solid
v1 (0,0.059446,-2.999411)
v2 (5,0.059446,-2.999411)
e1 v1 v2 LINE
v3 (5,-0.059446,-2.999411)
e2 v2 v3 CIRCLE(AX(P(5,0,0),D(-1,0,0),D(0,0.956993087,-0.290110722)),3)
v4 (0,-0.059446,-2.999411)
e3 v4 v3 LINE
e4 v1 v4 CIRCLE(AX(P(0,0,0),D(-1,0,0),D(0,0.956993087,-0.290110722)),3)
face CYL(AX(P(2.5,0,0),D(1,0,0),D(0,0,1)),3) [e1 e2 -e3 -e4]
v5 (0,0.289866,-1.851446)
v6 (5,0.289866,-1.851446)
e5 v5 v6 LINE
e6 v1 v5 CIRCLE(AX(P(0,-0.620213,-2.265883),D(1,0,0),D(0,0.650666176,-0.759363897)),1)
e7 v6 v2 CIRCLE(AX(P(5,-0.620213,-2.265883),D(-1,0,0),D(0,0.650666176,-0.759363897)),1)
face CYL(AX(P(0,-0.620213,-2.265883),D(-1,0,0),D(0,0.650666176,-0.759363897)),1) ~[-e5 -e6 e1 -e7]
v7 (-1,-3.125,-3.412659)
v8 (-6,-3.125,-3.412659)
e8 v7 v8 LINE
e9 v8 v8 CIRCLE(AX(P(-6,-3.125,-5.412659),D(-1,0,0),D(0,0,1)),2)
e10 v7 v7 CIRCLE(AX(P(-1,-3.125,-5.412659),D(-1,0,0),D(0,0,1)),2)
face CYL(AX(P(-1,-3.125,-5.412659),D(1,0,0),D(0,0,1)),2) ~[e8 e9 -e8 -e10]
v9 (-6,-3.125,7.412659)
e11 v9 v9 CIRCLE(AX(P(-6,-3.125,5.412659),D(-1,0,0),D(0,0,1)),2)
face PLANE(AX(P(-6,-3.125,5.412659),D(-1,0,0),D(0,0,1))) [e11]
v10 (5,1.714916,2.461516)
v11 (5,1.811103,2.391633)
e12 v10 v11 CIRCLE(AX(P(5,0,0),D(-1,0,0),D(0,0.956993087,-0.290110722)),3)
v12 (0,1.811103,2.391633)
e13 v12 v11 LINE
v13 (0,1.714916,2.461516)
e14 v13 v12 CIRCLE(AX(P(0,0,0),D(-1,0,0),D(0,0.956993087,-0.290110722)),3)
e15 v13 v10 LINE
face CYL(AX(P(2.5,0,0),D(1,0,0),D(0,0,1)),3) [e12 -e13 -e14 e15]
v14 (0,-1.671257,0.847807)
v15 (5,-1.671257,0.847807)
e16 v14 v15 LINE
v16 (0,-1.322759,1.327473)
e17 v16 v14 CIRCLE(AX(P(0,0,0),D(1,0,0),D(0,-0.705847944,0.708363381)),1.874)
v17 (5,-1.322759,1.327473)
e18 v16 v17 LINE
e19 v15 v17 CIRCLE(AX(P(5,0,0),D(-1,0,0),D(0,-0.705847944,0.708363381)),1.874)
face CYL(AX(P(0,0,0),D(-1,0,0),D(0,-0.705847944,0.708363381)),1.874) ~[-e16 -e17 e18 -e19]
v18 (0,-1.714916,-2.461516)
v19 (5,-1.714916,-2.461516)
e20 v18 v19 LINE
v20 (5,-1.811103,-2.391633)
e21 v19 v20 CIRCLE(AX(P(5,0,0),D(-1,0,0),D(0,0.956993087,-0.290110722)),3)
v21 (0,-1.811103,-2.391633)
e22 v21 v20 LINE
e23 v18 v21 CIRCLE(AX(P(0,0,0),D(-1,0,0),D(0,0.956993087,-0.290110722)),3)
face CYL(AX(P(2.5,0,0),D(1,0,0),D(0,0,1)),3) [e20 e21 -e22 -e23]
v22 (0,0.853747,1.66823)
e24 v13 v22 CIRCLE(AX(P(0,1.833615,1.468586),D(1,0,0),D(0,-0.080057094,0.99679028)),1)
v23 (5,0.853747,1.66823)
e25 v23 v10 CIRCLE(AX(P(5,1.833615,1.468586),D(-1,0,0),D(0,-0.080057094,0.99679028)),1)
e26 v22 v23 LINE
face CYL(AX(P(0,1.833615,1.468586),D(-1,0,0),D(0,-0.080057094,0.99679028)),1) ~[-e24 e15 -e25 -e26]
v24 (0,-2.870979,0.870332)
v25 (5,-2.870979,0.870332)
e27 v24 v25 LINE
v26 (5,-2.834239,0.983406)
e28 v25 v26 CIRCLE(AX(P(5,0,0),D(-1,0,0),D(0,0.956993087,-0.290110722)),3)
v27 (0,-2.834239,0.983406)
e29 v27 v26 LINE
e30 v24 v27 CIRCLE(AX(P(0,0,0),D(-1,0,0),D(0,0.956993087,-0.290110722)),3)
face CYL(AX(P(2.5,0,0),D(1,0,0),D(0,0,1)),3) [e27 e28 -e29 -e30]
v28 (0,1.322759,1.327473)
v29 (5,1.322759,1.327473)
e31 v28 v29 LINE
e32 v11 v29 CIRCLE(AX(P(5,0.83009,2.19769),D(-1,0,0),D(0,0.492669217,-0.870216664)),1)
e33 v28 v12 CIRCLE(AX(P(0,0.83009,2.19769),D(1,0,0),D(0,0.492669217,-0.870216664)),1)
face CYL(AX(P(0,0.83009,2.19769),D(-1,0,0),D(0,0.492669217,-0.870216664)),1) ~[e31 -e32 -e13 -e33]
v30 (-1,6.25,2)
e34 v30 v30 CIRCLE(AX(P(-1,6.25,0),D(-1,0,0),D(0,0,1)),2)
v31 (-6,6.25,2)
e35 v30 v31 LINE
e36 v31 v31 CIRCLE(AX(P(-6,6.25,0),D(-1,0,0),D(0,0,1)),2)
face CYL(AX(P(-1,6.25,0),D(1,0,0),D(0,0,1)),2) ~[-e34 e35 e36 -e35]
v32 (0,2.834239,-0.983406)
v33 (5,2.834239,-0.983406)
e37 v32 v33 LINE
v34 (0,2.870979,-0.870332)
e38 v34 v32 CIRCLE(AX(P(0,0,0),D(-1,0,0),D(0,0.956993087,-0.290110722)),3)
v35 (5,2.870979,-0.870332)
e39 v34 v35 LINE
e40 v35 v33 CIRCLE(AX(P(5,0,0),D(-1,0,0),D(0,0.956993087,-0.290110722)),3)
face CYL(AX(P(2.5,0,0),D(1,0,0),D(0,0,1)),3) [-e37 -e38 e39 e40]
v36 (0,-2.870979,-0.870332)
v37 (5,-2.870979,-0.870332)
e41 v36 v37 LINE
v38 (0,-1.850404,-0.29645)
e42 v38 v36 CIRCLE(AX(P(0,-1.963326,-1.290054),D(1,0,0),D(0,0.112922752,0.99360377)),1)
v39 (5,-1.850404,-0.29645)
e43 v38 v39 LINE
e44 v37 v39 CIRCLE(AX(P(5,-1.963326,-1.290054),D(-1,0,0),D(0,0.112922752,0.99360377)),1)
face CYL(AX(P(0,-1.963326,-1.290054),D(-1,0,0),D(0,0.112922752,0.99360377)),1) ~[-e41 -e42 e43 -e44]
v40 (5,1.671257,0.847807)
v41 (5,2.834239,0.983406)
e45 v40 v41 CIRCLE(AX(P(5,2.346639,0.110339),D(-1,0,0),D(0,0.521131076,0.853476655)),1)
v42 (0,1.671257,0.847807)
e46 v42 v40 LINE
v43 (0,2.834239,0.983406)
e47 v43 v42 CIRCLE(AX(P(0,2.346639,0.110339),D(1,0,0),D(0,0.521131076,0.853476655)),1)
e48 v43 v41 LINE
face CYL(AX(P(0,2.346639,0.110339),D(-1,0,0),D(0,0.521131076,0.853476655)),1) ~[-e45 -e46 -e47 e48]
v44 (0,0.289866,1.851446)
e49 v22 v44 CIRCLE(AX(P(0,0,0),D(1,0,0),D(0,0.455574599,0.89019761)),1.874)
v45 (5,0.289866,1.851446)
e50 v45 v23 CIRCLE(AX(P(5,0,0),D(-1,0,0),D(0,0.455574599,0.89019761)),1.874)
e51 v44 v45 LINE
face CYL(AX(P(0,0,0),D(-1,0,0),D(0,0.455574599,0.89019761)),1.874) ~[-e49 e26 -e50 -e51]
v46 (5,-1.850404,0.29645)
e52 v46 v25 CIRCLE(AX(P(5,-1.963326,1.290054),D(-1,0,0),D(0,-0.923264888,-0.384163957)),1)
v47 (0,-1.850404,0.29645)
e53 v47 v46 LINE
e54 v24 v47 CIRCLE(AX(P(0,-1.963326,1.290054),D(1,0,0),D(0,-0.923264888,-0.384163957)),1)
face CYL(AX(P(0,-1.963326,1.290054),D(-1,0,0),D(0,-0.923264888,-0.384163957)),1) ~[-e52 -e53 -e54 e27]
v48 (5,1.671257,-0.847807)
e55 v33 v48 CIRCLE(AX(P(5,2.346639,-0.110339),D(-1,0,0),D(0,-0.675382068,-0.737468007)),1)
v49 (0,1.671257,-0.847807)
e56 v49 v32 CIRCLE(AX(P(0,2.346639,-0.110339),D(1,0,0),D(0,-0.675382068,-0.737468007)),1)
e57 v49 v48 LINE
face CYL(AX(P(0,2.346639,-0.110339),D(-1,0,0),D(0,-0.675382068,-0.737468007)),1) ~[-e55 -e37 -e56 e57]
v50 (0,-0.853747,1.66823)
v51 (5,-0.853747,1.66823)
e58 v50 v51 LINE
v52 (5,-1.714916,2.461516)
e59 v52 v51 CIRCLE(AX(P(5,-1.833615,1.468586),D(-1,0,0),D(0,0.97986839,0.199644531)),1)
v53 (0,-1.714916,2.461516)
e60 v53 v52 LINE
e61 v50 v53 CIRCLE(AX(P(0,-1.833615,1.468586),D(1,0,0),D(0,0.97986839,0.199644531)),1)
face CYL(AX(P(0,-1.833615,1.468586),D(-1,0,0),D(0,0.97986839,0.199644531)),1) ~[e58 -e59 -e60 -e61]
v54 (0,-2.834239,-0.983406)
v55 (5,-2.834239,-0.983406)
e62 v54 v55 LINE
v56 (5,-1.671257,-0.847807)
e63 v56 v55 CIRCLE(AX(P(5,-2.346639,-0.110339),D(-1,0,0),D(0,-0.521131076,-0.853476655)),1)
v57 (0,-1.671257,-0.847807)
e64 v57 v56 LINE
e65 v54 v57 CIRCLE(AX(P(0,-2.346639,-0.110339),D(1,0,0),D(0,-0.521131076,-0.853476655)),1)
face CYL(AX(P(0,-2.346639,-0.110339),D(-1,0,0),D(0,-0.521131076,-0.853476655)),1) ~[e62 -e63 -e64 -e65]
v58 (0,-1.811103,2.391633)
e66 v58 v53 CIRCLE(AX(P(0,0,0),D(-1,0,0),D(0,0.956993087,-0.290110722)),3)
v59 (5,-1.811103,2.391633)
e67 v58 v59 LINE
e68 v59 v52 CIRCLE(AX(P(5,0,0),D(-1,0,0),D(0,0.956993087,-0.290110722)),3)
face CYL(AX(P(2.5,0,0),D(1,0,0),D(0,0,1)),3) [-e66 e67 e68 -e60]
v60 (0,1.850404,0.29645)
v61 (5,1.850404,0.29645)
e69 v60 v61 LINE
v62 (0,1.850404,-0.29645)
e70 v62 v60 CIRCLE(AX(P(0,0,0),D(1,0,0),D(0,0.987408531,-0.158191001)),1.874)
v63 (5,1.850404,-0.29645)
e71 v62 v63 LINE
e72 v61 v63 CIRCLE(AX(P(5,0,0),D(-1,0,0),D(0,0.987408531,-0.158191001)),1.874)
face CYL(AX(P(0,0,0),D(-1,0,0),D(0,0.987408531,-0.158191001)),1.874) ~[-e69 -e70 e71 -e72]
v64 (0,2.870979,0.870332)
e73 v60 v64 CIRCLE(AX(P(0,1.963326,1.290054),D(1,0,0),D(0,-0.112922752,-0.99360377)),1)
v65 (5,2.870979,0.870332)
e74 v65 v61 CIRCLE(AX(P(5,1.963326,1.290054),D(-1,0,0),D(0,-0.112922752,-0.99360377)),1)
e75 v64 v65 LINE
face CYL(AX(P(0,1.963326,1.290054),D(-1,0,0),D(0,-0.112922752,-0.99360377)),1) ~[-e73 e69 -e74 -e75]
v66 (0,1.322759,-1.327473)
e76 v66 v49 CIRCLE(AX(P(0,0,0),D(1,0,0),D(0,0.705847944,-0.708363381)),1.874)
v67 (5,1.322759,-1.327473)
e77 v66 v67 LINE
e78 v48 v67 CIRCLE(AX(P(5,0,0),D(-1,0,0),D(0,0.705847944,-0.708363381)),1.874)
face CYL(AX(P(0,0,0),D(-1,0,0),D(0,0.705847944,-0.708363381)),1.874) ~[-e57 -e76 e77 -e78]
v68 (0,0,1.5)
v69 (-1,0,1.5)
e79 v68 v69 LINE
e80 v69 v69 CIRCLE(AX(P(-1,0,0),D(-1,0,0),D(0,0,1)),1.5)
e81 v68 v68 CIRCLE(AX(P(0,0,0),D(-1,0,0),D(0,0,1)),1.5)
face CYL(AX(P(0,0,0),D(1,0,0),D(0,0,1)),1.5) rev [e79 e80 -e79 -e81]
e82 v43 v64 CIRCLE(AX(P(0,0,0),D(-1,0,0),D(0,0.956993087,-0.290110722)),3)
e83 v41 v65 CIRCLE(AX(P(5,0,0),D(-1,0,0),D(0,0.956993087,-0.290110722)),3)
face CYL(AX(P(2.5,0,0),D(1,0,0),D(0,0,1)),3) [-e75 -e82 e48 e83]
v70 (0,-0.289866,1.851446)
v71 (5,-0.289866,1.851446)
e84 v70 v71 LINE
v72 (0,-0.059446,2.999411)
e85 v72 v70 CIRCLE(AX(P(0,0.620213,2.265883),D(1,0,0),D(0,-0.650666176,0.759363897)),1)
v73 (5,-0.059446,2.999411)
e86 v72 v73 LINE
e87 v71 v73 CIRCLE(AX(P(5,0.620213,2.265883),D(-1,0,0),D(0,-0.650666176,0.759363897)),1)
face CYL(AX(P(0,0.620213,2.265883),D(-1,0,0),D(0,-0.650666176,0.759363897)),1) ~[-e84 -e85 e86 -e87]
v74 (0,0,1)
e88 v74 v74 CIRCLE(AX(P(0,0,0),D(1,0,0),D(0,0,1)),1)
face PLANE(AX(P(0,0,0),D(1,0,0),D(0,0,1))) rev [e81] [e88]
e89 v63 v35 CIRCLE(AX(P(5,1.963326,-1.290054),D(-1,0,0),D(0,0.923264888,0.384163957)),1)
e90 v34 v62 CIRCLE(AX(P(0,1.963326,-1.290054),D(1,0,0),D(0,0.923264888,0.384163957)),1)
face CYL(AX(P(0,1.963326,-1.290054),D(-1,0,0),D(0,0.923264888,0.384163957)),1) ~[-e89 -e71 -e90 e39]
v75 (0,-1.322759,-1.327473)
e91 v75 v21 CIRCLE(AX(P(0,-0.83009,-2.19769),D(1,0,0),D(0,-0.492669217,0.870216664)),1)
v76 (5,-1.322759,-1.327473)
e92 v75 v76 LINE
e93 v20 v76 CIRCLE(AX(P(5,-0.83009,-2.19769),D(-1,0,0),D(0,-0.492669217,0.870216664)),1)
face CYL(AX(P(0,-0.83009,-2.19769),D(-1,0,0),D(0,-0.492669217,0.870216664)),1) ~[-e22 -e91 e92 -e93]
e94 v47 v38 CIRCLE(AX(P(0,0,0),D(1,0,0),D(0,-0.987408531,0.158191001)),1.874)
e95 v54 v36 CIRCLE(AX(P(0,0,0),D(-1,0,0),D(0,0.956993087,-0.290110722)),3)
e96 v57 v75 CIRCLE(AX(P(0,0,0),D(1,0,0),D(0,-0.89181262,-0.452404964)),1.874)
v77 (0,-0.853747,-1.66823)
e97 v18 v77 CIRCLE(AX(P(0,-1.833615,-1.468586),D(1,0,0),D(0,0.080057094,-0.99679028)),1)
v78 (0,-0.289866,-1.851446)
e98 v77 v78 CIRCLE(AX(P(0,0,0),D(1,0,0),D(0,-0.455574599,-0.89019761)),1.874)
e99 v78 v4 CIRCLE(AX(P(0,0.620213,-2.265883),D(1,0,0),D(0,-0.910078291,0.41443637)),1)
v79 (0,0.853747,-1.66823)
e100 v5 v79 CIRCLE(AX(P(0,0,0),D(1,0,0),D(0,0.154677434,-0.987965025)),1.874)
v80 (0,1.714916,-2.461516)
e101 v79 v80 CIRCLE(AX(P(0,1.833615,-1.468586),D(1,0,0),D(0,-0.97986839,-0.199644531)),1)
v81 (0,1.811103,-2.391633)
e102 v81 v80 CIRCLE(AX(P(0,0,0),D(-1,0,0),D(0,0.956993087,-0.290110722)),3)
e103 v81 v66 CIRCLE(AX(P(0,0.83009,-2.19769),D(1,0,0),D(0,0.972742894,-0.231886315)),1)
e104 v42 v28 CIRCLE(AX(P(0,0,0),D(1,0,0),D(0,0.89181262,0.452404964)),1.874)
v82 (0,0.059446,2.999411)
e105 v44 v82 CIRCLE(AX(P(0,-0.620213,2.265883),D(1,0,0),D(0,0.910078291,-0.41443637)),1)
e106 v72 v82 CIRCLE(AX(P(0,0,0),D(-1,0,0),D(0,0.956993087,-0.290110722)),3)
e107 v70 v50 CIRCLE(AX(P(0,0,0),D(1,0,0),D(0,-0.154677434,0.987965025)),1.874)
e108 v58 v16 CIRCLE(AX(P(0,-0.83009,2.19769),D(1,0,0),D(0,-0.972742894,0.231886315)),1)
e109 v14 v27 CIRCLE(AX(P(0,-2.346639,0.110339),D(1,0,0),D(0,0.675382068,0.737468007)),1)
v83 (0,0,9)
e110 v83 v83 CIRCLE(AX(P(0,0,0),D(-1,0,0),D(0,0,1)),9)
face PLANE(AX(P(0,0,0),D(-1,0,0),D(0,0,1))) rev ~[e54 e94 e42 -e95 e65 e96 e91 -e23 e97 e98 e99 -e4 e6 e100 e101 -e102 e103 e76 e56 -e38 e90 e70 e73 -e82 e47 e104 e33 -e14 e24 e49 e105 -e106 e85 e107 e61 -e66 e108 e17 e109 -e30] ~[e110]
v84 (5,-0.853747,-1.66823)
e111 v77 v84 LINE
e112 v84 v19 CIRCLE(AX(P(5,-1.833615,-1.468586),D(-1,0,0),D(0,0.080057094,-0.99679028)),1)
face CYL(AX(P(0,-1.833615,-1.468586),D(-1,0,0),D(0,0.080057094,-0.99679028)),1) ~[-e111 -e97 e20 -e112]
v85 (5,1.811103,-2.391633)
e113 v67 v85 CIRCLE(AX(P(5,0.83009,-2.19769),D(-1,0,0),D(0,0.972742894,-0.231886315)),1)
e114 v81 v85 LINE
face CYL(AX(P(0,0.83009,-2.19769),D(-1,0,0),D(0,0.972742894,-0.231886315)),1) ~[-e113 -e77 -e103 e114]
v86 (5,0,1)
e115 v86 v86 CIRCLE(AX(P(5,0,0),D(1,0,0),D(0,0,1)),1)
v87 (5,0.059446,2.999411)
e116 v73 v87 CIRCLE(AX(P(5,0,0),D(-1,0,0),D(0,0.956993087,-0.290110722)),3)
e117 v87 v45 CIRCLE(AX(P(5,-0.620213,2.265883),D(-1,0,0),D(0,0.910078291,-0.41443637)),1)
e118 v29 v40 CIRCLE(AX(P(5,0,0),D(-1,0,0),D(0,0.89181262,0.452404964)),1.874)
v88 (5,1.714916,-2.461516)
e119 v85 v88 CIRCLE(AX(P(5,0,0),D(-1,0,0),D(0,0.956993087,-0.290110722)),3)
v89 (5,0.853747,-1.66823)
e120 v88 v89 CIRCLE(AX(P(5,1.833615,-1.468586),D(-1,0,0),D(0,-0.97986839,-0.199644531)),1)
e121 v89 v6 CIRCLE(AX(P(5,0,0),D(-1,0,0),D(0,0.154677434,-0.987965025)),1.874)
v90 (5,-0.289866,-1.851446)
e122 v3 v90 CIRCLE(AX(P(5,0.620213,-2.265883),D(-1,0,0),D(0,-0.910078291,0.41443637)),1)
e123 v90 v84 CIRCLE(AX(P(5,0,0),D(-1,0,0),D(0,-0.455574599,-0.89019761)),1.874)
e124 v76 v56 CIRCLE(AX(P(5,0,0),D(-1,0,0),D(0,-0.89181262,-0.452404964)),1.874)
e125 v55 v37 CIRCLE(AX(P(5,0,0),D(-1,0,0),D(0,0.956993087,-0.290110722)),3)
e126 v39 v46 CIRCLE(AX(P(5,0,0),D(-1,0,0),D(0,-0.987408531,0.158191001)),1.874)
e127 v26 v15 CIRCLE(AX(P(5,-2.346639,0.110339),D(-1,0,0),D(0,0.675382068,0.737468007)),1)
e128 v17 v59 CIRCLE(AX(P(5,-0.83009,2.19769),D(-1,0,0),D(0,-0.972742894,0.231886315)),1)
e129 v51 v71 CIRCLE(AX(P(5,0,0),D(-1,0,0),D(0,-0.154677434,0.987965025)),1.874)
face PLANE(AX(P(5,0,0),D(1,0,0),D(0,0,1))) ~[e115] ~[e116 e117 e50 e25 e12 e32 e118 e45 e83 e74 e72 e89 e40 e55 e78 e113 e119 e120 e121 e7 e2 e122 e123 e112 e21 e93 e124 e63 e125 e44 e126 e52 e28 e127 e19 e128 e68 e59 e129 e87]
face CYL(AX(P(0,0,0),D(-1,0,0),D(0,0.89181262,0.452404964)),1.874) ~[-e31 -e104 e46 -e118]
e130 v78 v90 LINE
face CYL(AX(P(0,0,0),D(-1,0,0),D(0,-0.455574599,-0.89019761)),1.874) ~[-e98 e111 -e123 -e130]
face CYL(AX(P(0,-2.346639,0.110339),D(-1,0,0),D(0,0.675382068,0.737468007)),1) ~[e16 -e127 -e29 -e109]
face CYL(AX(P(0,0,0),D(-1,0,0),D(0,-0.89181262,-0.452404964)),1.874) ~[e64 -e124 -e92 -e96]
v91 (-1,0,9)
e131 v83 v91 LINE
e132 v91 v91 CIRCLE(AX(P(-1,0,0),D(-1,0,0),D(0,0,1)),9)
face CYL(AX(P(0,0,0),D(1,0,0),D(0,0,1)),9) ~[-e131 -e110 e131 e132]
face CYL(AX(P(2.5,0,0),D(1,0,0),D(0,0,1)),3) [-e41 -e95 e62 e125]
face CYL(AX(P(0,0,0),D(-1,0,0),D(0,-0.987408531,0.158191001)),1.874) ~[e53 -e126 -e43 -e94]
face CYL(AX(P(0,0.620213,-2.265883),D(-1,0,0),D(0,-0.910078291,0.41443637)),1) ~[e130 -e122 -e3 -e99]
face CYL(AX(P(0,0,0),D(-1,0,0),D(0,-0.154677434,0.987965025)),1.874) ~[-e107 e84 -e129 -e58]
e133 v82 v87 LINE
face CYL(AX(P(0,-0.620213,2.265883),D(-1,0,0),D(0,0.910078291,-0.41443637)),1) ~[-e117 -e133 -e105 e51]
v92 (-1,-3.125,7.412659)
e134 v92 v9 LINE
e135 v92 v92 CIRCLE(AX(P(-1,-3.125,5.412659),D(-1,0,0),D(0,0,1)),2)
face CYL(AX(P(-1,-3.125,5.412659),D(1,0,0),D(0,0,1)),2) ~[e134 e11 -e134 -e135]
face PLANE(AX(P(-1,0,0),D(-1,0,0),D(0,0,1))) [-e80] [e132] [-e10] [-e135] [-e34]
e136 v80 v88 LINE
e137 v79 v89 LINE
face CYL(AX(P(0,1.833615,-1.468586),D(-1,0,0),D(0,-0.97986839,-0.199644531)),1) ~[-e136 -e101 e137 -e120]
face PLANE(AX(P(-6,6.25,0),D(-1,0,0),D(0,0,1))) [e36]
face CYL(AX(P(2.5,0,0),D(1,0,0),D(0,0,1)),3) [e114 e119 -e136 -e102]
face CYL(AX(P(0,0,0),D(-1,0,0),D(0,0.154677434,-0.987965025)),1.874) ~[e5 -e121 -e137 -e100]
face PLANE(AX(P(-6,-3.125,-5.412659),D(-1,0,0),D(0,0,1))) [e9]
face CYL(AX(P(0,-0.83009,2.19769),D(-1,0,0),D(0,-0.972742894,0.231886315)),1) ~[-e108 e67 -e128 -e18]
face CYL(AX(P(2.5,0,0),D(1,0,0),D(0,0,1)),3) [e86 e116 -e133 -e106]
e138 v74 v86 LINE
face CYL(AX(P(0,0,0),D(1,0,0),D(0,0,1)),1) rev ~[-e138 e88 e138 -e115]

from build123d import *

# Parameters (mm, degrees)
BASPROSKE_W     = 5
BASPROSKE_H     = 3
TOOTHCUT_DEPTH  = 7.557438524
TEETHCUTS_COUNT = 10
TEETHCUTS_ANGLE = 324
BORSKE_R        = 1
BORE_DEPTH      = 50.000762
SKETCH_1_R      = 9
SKETCH_1_R_2    = 1.5
EXTRUDE_1_DEPTH = 1
EXTRUDE_START   = 1
SKETCH_1_3_R    = 2
EXTRUDE_2_DEPTH = 5


with BuildPart() as part:
    # BasProSke → Base-Revolve (revolve)
    with BuildSketch(Plane(origin=(0, 0, 0), x_dir=(1, 0, 0), z_dir=(0, 1, 0)), mode=Mode.PRIVATE) as base_revolve_sk:
        with Locations((2.5, 1.5)):
            Rectangle(BASPROSKE_W, BASPROSKE_H)
    revolve(base_revolve_sk.sketch.rotate(Axis((-10, 0, 0), (1, 0, 0)), 180), axis=Axis((-10, 0, 0), (1, 0, 0)))

    # TooCutSke → ToothCut (cut, through all)
    with BuildSketch(Plane(origin=(0, 0, 0), x_dir=(0, 0, -1), z_dir=(1, 0, 0))):
        with BuildLine():
            ThreePointArc((0.296449938, 1.850403587), (0, 1.874), (-0.296449938, 1.850403587))
            ThreePointArc((-0.296449938, 1.850403587), (-0.428089565, 2.470295585), (-0.905889751, 2.886591228))
            ThreePointArc((-0.905889751, 2.886591228), (0, 3.0254), (0.905889751, 2.886591228))
            ThreePointArc((0.905889751, 2.886591228), (0.428089565, 2.470295585), (0.296449938, 1.850403587))
        make_face()
    toothcut = extrude(amount=TOOTHCUT_DEPTH, mode=Mode.SUBTRACT)

    # TeethCuts: ToothCut ×10 about axis
    teethcuts_axis = Axis((-10, 0, 0), (1, 0, 0))
    for i in range(1, TEETHCUTS_COUNT):
        add(toothcut.rotate(teethcuts_axis, i * TEETHCUTS_ANGLE / (TEETHCUTS_COUNT - 1)), mode=Mode.SUBTRACT)

    # BorSke → Bore (cut, symmetric)
    with BuildSketch(Plane(origin=(0, 0, 0), x_dir=(0, 0, -1), z_dir=(1, 0, 0))):
        with Locations(Location((0, 0, 0), (0, 0, 180))):
            Circle(BORSKE_R)
    extrude(amount=BORE_DEPTH, both=True, mode=Mode.SUBTRACT)

    # 草图1 → 凸台-拉伸1 (add)
    with BuildSketch(Plane.ZY):
        Circle(SKETCH_1_R)
        Circle(SKETCH_1_R_2, mode=Mode.SUBTRACT)
    extrude(amount=EXTRUDE_1_DEPTH)

    # 草图1<3> → 凸台-拉伸2 (add)
    with BuildSketch(Plane.ZY.offset(EXTRUDE_START)):
        with Locations((0, 6.25)):
            Circle(SKETCH_1_3_R)
        with Locations((-5.412658774, -3.125)):
            Circle(SKETCH_1_3_R)
        with Locations((5.412658774, -3.125)):
            Circle(SKETCH_1_3_R)
    extrude(amount=EXTRUDE_2_DEPTH)


solid = part.part
